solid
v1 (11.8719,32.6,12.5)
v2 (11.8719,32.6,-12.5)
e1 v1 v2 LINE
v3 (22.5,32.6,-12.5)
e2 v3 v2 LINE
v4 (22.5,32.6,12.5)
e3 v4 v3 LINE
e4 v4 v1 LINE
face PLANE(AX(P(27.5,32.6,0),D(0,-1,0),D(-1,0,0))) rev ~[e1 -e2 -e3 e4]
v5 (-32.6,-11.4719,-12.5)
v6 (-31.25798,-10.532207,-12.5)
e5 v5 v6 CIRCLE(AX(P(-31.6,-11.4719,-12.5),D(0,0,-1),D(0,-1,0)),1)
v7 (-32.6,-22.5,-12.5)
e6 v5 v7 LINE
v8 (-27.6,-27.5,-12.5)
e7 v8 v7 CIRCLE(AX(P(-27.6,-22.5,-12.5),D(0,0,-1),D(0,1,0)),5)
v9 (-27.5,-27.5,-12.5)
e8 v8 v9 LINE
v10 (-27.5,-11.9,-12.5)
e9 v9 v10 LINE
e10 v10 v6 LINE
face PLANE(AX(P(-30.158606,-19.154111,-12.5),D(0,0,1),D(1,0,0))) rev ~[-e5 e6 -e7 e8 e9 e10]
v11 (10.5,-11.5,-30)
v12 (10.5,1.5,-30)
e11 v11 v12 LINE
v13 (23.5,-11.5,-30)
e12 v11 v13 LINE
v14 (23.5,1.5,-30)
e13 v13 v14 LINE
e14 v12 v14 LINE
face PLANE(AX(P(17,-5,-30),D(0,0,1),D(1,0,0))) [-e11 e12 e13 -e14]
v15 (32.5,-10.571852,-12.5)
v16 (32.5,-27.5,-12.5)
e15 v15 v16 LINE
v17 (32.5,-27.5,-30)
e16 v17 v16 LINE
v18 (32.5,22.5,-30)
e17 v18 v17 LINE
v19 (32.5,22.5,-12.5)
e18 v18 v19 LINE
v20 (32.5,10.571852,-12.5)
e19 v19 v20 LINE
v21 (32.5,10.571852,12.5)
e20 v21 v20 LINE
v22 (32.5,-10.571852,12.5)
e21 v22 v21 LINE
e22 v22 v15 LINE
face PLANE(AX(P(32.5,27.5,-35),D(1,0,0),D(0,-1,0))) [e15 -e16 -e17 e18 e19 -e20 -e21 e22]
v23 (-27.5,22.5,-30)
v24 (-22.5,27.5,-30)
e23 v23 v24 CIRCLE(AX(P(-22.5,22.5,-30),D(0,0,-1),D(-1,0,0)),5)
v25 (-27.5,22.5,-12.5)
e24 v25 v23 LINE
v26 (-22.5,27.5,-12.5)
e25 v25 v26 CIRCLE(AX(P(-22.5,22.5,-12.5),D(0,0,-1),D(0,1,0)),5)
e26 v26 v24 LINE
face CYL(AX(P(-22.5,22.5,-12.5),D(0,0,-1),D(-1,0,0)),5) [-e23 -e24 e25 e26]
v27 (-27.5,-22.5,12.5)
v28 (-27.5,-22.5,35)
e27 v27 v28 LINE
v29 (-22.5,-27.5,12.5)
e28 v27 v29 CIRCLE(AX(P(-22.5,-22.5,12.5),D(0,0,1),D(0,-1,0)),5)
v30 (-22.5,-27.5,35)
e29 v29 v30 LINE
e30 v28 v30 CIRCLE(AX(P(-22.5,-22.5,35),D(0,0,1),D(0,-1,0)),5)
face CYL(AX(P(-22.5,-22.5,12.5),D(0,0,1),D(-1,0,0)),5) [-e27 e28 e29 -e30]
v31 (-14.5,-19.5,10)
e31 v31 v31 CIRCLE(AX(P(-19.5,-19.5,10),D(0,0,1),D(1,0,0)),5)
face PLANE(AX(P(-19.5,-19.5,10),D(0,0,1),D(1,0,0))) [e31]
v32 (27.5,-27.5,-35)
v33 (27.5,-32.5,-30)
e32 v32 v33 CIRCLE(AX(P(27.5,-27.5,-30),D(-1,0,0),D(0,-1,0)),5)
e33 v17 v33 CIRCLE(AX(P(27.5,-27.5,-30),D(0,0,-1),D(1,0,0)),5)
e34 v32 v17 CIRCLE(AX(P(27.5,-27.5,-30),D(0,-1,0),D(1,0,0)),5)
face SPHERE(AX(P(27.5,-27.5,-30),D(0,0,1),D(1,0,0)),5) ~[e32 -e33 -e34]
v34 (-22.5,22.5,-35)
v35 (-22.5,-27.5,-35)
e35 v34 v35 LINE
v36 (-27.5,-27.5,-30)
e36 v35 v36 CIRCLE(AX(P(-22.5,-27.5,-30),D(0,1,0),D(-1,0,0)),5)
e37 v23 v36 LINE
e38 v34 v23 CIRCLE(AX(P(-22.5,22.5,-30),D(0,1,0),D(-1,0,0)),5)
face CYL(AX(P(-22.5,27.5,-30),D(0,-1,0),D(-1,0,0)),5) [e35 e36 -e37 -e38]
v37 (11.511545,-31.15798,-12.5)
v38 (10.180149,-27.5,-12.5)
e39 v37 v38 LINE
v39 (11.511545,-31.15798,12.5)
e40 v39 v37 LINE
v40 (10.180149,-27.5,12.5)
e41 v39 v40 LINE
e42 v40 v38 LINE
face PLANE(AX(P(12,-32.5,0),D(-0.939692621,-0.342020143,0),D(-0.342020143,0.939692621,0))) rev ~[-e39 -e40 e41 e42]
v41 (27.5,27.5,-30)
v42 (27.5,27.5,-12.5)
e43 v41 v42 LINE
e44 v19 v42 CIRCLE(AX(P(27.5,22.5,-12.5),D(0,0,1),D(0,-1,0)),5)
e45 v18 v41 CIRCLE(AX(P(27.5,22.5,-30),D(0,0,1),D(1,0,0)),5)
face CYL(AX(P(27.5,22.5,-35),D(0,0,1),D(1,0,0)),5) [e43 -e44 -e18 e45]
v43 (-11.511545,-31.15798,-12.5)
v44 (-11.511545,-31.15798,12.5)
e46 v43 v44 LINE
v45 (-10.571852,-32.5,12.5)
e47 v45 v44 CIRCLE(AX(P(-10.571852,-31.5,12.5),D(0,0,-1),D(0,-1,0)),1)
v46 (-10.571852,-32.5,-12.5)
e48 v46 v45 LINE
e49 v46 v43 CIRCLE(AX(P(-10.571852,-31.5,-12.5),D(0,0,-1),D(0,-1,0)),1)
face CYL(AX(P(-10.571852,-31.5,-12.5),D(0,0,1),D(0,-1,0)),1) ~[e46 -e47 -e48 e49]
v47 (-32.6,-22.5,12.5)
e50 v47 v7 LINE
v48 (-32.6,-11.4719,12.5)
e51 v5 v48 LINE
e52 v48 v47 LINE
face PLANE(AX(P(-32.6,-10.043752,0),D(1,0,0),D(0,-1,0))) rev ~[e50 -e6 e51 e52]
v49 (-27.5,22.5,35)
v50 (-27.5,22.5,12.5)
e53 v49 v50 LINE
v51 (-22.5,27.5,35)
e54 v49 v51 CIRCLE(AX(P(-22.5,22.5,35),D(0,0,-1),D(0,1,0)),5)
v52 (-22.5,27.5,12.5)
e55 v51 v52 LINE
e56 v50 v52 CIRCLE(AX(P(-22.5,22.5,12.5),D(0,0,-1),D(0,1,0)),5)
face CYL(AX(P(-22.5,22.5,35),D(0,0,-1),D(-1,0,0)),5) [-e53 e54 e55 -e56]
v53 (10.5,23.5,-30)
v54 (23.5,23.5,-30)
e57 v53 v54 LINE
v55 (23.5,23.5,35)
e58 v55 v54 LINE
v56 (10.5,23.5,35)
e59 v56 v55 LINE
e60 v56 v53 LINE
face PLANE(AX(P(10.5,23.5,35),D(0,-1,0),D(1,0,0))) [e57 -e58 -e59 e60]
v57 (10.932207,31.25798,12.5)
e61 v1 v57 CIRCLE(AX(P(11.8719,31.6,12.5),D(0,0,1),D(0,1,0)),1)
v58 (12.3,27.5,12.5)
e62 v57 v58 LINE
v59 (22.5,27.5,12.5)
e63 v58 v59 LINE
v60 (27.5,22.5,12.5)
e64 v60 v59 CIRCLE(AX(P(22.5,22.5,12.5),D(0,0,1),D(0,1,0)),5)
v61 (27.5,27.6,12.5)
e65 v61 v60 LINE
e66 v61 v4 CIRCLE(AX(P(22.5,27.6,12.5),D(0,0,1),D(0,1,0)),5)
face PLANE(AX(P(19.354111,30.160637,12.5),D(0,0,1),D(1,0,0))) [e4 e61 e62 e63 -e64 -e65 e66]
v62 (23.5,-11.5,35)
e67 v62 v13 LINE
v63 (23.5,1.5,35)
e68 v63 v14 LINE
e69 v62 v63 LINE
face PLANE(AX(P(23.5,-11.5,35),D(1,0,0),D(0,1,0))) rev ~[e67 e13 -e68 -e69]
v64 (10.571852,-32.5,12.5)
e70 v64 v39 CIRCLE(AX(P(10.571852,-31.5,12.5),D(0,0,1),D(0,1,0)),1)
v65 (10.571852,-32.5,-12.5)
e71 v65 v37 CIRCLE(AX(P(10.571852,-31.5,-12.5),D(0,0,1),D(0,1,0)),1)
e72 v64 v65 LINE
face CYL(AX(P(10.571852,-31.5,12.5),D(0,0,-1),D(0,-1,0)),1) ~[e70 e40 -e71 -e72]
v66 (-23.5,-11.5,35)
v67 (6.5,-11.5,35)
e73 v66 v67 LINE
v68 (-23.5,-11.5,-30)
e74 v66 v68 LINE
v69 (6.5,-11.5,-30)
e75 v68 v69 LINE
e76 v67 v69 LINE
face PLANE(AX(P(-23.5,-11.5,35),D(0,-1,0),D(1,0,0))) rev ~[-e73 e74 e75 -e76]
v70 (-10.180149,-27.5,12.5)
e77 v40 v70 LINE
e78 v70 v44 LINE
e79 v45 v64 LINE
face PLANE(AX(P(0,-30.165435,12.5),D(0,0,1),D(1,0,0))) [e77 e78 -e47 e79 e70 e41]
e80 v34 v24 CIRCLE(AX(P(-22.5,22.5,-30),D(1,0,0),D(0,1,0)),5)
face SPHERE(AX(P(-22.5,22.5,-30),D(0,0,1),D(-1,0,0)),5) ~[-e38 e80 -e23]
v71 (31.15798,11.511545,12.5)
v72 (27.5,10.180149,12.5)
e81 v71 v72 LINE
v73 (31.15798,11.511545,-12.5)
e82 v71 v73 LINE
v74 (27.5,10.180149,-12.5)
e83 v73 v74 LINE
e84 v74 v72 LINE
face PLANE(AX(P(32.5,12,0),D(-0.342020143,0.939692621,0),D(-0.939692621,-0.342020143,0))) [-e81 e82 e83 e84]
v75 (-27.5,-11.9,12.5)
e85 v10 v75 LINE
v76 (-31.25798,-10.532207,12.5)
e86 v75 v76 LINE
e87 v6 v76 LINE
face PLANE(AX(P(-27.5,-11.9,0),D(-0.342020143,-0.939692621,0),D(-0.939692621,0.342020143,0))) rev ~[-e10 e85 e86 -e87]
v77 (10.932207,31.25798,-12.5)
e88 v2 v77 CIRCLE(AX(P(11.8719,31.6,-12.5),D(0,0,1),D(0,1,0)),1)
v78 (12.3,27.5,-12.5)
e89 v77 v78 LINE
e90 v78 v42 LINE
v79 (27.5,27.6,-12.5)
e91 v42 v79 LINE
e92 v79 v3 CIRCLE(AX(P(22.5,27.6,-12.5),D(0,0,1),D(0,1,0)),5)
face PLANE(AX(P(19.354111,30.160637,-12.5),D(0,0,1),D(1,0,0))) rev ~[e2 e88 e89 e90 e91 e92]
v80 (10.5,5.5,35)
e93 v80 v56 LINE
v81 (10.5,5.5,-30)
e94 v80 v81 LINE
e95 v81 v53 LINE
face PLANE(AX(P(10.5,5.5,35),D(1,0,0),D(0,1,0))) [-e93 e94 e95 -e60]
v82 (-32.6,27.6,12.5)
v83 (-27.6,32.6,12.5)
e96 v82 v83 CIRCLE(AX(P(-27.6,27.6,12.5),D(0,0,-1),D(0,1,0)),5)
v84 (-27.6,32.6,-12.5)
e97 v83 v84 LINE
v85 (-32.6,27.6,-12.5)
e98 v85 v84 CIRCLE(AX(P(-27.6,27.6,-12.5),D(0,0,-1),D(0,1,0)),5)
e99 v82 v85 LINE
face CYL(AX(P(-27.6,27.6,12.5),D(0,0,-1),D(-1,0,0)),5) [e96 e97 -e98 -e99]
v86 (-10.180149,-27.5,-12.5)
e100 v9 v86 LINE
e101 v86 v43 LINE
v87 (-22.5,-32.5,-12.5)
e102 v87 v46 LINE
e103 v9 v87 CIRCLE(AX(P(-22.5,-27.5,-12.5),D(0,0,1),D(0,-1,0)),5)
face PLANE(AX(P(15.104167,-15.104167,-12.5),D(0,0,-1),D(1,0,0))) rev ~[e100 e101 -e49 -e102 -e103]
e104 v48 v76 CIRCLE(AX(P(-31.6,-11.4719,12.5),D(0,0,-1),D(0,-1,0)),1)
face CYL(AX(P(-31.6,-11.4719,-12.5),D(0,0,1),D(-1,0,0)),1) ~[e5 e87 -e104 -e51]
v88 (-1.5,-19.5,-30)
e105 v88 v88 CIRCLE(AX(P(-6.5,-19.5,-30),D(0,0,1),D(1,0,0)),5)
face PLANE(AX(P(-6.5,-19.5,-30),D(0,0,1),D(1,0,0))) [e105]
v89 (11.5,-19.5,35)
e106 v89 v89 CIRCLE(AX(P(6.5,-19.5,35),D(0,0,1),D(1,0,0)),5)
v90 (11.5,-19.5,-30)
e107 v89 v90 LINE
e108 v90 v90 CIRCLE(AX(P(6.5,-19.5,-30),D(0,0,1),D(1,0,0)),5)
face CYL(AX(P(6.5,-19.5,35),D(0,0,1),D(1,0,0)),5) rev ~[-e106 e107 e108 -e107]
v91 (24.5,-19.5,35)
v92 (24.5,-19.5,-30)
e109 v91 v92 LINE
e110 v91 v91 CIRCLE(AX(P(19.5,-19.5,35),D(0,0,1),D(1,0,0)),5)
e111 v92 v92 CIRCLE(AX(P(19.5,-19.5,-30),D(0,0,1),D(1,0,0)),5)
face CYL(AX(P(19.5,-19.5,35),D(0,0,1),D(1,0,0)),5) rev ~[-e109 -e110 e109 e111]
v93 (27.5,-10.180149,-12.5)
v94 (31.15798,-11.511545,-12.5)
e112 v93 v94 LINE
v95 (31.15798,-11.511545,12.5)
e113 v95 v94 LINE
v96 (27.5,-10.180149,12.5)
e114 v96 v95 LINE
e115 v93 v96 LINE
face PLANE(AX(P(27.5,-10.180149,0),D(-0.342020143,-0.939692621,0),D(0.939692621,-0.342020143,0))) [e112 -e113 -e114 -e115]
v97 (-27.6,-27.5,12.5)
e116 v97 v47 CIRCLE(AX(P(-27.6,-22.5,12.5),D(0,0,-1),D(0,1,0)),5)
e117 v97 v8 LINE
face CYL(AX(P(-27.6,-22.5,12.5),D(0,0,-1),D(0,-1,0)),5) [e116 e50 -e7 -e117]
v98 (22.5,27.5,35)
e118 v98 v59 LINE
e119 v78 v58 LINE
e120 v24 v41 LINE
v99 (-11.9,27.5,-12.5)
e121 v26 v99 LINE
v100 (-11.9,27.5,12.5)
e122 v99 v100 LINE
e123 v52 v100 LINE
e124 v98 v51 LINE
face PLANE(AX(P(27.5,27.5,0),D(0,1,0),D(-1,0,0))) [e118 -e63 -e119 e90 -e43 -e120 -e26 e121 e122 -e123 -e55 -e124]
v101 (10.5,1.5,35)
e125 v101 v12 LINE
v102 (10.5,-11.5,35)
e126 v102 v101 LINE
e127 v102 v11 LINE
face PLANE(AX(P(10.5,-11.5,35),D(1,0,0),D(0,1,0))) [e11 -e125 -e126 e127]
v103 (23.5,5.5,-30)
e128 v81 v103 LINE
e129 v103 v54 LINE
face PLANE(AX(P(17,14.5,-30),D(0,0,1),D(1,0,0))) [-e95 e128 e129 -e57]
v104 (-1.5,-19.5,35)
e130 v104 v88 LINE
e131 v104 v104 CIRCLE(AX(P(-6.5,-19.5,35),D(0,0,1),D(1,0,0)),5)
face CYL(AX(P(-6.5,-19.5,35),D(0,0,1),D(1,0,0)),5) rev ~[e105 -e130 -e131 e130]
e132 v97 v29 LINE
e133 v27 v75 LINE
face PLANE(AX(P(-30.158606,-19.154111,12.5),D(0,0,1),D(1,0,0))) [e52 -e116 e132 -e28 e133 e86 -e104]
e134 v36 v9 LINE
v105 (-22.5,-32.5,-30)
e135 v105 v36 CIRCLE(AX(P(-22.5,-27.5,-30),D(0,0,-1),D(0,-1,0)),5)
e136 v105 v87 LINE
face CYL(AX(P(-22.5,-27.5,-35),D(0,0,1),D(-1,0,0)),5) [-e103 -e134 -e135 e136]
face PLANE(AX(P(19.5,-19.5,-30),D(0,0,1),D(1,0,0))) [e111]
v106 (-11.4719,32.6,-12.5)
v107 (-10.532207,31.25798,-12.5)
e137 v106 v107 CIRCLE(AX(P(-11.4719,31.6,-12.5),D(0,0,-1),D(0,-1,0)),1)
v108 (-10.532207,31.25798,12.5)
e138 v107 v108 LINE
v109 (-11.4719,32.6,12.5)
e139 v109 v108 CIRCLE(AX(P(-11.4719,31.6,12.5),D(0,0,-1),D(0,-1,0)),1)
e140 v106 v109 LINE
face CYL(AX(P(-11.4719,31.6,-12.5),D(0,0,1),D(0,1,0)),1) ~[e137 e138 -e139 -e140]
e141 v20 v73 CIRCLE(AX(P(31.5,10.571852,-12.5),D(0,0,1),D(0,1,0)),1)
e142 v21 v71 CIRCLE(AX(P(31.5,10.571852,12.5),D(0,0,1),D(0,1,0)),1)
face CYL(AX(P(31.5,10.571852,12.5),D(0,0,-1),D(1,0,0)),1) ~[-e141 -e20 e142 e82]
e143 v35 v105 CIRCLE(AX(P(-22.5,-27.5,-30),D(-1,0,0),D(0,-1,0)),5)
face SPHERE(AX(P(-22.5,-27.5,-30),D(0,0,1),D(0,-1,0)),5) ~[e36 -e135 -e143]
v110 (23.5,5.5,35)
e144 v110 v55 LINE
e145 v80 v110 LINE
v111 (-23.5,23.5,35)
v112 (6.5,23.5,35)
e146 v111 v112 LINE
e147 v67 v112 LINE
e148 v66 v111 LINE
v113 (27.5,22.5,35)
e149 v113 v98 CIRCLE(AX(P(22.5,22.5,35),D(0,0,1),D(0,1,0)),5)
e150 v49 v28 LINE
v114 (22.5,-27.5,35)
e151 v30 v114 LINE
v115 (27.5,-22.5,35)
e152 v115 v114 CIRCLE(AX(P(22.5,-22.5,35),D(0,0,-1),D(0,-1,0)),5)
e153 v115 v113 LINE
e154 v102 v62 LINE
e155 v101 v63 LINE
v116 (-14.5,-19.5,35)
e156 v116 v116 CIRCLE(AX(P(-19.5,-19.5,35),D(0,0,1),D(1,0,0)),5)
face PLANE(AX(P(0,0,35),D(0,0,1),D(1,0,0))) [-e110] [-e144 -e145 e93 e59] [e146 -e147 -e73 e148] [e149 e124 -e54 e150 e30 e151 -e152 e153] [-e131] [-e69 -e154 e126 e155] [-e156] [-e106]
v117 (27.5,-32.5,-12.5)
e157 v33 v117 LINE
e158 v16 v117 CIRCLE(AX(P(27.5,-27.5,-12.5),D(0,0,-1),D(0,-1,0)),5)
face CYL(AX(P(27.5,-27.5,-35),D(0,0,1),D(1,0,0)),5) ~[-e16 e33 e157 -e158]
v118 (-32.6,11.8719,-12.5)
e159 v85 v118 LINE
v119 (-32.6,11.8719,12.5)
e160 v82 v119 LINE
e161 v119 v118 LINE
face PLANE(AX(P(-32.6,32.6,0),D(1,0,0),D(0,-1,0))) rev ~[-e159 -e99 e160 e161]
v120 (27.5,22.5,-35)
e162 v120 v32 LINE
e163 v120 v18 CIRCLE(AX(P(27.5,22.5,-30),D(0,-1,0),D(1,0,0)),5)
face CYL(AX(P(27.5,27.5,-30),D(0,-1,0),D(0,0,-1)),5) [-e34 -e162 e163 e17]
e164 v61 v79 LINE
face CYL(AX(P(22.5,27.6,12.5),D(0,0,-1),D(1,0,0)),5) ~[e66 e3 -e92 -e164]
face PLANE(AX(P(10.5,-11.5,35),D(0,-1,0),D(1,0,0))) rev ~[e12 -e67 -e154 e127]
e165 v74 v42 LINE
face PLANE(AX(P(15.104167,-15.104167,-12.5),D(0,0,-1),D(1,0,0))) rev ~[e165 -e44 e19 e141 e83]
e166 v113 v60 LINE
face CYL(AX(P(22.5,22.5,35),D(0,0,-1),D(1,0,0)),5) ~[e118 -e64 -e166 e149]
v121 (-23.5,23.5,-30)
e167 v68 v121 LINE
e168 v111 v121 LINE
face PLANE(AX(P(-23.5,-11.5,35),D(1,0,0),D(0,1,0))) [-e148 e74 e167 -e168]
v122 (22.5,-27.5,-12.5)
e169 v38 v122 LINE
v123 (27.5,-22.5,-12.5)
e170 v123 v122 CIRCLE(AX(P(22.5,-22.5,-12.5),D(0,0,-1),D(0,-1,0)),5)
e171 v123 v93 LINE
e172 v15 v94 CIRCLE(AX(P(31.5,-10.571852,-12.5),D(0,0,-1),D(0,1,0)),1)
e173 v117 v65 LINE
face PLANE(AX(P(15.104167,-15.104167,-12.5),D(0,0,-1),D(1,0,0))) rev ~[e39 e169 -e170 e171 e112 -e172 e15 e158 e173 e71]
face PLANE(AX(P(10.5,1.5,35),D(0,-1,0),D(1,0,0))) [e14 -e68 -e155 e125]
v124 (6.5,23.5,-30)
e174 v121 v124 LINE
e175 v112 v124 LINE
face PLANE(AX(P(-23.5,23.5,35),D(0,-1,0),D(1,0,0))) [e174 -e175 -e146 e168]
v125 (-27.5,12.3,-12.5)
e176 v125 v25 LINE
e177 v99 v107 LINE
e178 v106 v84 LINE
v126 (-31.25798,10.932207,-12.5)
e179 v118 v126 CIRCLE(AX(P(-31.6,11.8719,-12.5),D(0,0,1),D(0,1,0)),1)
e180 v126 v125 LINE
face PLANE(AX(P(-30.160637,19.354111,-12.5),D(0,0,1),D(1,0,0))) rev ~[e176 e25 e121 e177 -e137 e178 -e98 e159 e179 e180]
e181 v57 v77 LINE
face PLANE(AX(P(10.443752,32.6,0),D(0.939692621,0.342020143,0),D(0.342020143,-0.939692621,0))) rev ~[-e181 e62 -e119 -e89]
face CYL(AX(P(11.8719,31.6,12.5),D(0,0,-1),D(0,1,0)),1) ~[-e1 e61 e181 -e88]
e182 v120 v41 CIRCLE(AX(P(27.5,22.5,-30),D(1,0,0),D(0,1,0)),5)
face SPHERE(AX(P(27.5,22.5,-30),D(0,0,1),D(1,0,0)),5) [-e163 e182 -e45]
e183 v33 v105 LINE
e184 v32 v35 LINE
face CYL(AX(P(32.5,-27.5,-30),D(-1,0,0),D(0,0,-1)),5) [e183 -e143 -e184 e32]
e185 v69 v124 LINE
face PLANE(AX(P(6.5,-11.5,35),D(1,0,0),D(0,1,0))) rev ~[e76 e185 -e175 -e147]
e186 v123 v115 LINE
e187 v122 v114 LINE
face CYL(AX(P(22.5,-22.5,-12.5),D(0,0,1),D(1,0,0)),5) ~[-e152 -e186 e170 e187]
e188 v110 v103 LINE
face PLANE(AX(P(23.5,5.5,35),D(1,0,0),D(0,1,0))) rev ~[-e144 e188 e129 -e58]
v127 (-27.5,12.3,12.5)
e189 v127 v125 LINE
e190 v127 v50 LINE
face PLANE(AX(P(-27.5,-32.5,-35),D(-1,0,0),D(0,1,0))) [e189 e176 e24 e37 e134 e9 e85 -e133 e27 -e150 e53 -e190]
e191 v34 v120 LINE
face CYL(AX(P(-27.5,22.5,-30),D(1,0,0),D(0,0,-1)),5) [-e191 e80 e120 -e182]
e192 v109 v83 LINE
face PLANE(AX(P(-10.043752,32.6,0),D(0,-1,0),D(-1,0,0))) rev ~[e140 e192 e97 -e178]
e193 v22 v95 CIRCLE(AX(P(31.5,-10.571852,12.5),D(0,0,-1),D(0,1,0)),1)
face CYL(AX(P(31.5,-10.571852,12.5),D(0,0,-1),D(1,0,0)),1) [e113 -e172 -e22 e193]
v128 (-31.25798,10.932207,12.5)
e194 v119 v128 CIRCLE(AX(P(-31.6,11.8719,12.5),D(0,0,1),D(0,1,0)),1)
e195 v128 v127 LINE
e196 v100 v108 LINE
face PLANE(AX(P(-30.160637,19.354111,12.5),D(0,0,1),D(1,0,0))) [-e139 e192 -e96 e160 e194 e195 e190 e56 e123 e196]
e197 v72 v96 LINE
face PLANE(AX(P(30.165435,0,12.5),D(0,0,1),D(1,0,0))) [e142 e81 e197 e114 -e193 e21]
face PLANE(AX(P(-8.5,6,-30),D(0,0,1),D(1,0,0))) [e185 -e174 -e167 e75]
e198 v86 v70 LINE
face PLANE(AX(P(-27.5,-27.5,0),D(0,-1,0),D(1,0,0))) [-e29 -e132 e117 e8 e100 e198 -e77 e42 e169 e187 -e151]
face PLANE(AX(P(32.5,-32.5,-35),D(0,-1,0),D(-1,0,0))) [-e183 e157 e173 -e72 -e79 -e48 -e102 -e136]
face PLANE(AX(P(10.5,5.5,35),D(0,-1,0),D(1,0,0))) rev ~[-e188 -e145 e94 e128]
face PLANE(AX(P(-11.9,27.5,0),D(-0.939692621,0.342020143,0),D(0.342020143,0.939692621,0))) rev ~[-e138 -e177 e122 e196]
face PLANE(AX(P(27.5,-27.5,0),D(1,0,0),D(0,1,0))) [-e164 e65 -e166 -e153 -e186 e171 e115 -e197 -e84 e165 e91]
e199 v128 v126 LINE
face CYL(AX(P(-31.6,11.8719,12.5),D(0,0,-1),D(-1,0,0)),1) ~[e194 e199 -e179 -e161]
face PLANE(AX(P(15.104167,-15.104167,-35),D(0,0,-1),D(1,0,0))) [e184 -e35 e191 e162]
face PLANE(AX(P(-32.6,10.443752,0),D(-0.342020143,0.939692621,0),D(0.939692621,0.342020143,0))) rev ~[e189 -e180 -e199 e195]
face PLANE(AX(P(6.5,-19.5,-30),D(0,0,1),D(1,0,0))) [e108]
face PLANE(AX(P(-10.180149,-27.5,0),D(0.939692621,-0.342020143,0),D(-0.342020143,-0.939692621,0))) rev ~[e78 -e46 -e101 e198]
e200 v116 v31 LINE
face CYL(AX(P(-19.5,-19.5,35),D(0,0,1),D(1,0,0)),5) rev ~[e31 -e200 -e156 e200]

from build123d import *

# Parameters (mm, degrees)
F1_DEPTH = 35
F0_W     = 5.1
F0_H     = 5.1
F2_DEPTH = 12.5
F4_DEPTH = 22.5
F5_R     = 5
F6_R     = 1
F7_W     = 30
F7_H     = 35
F7_R     = 5
F7_W_2   = 13
F7_H_2   = 18
F7_H_3   = 13
F8_DEPTH = 65
F9_DEPTH = 25


with BuildPart() as f1:
    # F0 (on Top) → F1 (new body, symmetric)
    with BuildSketch(Plane.XY):
        Polygon((-11.9, 27.5), (-27.5, 27.5), (-27.5, 12.3), (-27.5, -11.9), (-27.5, -27.5), (-10.1801488287, -27.5), (10.1801488287, -27.5), (27.5, -27.5), (27.5, -10.1801488287), (27.5, 10.1801488287), (27.5, 27.5), (12.3, 27.5), align=None)
    extrude(amount=F1_DEPTH, both=True)

    # F0 (on Top) → F2 (join, symmetric)
    with BuildSketch(Plane.XY):
        Polygon((-27.5, 12.3), (-27.5, 27.5), (-32.6, 27.5), (-32.6, 10.4437518052), align=None)
        Polygon((-27.5, -27.5), (-27.5, -11.9), (-32.6, -10.0437518052), (-32.6, -27.5), align=None)
        Polygon((-27.5, 32.6), (-27.5, 27.5), (-11.9, 27.5), (-10.0437518052, 32.6), align=None)
        Polygon((10.4437518052, 32.6), (12.3, 27.5), (27.5, 27.5), (27.5, 32.6), align=None)
        Polygon((10.1801488287, -27.5), (-10.1801488287, -27.5), (-12, -32.5), (12, -32.5), align=None)
        Polygon((32.5, 12), (27.5, 10.1801488287), (27.5, -10.1801488287), (32.5, -12), align=None)
        with Locations((-30.05, 30.05)):
            Rectangle(F0_W, F0_H)
    extrude(amount=F2_DEPTH, both=True)

    # F3 (on face) → F4 (join, through all)
    with BuildSketch(Plane(origin=(0, 0, -35), x_dir=(1, 0, 0), z_dir=(0, 0, -1))):
        Polygon((-27.5, 32.5), (-27.5, 27.5), (27.5, 27.5), (27.5, -27.5), (32.5, -27.5), (32.5, 32.5), align=None)
    extrude(amount=-F4_DEPTH)

    # F5
    f5_edges = [f1.edges().sort_by_distance(p)[0] for p in [
        (-32.6, 32.6, 0),
        (-27.5, 27.5, 23.75),
        (-27.5, 27.5, -23.75),
        (-32.6, -27.5, 0),
        (-27.5, -32.5, -23.75),
        (32.5, -32.5, -23.75),
        (27.5, -27.5, 11.25),
        (32.5, 27.5, -23.75),
        (27.5, 32.6, 0),
        (27.5, 27.5, 23.75),
        (32.5, -2.5, -35),
        (2.5, -32.5, -35),
        (-27.5, -2.5, -35),
        (2.5, 27.5, -35),
        (-27.5, -27.5, 23.75),
    ]]
    fillet(f5_edges, radius=F5_R)

    # F6
    f6_edges = [f1.edges().sort_by_distance(p)[0] for p in [
        (12, -32.5, 0),
        (-12, -32.5, 0),
        (32.5, -12, 0),
        (32.5, 12, 0),
        (10.443752, 32.6, 0),
        (-10.043752, 32.6, 0),
        (-32.6, 10.443752, 0),
        (-32.6, -10.043752, 0),
    ]]
    fillet(f6_edges, radius=F6_R)

    # F7 (on face) → F8 (cut)
    with BuildSketch(Plane.XY.offset(35)):
        with Locations((-8.5, 6)):
            Rectangle(F7_W, F7_H)
        with Locations((-6.5, -19.5)):
            Circle(F7_R)
        with Locations((6.5, -19.5)):
            Circle(F7_R)
        with Locations((17, 14.5)):
            Rectangle(F7_W_2, F7_H_2)
        with Locations((17, -5)):
            Rectangle(F7_W_2, F7_H_3)
        with Locations((19.5, -19.5)):
            Circle(F7_R)
    extrude(amount=-F8_DEPTH, mode=Mode.SUBTRACT)

    # F7 (on face) → F9 (cut)
    with BuildSketch(Plane.XY.offset(35)):
        with Locations((-19.5, -19.5)):
            Circle(F7_R)
    extrude(amount=-F9_DEPTH, mode=Mode.SUBTRACT)


solid = f1.part
